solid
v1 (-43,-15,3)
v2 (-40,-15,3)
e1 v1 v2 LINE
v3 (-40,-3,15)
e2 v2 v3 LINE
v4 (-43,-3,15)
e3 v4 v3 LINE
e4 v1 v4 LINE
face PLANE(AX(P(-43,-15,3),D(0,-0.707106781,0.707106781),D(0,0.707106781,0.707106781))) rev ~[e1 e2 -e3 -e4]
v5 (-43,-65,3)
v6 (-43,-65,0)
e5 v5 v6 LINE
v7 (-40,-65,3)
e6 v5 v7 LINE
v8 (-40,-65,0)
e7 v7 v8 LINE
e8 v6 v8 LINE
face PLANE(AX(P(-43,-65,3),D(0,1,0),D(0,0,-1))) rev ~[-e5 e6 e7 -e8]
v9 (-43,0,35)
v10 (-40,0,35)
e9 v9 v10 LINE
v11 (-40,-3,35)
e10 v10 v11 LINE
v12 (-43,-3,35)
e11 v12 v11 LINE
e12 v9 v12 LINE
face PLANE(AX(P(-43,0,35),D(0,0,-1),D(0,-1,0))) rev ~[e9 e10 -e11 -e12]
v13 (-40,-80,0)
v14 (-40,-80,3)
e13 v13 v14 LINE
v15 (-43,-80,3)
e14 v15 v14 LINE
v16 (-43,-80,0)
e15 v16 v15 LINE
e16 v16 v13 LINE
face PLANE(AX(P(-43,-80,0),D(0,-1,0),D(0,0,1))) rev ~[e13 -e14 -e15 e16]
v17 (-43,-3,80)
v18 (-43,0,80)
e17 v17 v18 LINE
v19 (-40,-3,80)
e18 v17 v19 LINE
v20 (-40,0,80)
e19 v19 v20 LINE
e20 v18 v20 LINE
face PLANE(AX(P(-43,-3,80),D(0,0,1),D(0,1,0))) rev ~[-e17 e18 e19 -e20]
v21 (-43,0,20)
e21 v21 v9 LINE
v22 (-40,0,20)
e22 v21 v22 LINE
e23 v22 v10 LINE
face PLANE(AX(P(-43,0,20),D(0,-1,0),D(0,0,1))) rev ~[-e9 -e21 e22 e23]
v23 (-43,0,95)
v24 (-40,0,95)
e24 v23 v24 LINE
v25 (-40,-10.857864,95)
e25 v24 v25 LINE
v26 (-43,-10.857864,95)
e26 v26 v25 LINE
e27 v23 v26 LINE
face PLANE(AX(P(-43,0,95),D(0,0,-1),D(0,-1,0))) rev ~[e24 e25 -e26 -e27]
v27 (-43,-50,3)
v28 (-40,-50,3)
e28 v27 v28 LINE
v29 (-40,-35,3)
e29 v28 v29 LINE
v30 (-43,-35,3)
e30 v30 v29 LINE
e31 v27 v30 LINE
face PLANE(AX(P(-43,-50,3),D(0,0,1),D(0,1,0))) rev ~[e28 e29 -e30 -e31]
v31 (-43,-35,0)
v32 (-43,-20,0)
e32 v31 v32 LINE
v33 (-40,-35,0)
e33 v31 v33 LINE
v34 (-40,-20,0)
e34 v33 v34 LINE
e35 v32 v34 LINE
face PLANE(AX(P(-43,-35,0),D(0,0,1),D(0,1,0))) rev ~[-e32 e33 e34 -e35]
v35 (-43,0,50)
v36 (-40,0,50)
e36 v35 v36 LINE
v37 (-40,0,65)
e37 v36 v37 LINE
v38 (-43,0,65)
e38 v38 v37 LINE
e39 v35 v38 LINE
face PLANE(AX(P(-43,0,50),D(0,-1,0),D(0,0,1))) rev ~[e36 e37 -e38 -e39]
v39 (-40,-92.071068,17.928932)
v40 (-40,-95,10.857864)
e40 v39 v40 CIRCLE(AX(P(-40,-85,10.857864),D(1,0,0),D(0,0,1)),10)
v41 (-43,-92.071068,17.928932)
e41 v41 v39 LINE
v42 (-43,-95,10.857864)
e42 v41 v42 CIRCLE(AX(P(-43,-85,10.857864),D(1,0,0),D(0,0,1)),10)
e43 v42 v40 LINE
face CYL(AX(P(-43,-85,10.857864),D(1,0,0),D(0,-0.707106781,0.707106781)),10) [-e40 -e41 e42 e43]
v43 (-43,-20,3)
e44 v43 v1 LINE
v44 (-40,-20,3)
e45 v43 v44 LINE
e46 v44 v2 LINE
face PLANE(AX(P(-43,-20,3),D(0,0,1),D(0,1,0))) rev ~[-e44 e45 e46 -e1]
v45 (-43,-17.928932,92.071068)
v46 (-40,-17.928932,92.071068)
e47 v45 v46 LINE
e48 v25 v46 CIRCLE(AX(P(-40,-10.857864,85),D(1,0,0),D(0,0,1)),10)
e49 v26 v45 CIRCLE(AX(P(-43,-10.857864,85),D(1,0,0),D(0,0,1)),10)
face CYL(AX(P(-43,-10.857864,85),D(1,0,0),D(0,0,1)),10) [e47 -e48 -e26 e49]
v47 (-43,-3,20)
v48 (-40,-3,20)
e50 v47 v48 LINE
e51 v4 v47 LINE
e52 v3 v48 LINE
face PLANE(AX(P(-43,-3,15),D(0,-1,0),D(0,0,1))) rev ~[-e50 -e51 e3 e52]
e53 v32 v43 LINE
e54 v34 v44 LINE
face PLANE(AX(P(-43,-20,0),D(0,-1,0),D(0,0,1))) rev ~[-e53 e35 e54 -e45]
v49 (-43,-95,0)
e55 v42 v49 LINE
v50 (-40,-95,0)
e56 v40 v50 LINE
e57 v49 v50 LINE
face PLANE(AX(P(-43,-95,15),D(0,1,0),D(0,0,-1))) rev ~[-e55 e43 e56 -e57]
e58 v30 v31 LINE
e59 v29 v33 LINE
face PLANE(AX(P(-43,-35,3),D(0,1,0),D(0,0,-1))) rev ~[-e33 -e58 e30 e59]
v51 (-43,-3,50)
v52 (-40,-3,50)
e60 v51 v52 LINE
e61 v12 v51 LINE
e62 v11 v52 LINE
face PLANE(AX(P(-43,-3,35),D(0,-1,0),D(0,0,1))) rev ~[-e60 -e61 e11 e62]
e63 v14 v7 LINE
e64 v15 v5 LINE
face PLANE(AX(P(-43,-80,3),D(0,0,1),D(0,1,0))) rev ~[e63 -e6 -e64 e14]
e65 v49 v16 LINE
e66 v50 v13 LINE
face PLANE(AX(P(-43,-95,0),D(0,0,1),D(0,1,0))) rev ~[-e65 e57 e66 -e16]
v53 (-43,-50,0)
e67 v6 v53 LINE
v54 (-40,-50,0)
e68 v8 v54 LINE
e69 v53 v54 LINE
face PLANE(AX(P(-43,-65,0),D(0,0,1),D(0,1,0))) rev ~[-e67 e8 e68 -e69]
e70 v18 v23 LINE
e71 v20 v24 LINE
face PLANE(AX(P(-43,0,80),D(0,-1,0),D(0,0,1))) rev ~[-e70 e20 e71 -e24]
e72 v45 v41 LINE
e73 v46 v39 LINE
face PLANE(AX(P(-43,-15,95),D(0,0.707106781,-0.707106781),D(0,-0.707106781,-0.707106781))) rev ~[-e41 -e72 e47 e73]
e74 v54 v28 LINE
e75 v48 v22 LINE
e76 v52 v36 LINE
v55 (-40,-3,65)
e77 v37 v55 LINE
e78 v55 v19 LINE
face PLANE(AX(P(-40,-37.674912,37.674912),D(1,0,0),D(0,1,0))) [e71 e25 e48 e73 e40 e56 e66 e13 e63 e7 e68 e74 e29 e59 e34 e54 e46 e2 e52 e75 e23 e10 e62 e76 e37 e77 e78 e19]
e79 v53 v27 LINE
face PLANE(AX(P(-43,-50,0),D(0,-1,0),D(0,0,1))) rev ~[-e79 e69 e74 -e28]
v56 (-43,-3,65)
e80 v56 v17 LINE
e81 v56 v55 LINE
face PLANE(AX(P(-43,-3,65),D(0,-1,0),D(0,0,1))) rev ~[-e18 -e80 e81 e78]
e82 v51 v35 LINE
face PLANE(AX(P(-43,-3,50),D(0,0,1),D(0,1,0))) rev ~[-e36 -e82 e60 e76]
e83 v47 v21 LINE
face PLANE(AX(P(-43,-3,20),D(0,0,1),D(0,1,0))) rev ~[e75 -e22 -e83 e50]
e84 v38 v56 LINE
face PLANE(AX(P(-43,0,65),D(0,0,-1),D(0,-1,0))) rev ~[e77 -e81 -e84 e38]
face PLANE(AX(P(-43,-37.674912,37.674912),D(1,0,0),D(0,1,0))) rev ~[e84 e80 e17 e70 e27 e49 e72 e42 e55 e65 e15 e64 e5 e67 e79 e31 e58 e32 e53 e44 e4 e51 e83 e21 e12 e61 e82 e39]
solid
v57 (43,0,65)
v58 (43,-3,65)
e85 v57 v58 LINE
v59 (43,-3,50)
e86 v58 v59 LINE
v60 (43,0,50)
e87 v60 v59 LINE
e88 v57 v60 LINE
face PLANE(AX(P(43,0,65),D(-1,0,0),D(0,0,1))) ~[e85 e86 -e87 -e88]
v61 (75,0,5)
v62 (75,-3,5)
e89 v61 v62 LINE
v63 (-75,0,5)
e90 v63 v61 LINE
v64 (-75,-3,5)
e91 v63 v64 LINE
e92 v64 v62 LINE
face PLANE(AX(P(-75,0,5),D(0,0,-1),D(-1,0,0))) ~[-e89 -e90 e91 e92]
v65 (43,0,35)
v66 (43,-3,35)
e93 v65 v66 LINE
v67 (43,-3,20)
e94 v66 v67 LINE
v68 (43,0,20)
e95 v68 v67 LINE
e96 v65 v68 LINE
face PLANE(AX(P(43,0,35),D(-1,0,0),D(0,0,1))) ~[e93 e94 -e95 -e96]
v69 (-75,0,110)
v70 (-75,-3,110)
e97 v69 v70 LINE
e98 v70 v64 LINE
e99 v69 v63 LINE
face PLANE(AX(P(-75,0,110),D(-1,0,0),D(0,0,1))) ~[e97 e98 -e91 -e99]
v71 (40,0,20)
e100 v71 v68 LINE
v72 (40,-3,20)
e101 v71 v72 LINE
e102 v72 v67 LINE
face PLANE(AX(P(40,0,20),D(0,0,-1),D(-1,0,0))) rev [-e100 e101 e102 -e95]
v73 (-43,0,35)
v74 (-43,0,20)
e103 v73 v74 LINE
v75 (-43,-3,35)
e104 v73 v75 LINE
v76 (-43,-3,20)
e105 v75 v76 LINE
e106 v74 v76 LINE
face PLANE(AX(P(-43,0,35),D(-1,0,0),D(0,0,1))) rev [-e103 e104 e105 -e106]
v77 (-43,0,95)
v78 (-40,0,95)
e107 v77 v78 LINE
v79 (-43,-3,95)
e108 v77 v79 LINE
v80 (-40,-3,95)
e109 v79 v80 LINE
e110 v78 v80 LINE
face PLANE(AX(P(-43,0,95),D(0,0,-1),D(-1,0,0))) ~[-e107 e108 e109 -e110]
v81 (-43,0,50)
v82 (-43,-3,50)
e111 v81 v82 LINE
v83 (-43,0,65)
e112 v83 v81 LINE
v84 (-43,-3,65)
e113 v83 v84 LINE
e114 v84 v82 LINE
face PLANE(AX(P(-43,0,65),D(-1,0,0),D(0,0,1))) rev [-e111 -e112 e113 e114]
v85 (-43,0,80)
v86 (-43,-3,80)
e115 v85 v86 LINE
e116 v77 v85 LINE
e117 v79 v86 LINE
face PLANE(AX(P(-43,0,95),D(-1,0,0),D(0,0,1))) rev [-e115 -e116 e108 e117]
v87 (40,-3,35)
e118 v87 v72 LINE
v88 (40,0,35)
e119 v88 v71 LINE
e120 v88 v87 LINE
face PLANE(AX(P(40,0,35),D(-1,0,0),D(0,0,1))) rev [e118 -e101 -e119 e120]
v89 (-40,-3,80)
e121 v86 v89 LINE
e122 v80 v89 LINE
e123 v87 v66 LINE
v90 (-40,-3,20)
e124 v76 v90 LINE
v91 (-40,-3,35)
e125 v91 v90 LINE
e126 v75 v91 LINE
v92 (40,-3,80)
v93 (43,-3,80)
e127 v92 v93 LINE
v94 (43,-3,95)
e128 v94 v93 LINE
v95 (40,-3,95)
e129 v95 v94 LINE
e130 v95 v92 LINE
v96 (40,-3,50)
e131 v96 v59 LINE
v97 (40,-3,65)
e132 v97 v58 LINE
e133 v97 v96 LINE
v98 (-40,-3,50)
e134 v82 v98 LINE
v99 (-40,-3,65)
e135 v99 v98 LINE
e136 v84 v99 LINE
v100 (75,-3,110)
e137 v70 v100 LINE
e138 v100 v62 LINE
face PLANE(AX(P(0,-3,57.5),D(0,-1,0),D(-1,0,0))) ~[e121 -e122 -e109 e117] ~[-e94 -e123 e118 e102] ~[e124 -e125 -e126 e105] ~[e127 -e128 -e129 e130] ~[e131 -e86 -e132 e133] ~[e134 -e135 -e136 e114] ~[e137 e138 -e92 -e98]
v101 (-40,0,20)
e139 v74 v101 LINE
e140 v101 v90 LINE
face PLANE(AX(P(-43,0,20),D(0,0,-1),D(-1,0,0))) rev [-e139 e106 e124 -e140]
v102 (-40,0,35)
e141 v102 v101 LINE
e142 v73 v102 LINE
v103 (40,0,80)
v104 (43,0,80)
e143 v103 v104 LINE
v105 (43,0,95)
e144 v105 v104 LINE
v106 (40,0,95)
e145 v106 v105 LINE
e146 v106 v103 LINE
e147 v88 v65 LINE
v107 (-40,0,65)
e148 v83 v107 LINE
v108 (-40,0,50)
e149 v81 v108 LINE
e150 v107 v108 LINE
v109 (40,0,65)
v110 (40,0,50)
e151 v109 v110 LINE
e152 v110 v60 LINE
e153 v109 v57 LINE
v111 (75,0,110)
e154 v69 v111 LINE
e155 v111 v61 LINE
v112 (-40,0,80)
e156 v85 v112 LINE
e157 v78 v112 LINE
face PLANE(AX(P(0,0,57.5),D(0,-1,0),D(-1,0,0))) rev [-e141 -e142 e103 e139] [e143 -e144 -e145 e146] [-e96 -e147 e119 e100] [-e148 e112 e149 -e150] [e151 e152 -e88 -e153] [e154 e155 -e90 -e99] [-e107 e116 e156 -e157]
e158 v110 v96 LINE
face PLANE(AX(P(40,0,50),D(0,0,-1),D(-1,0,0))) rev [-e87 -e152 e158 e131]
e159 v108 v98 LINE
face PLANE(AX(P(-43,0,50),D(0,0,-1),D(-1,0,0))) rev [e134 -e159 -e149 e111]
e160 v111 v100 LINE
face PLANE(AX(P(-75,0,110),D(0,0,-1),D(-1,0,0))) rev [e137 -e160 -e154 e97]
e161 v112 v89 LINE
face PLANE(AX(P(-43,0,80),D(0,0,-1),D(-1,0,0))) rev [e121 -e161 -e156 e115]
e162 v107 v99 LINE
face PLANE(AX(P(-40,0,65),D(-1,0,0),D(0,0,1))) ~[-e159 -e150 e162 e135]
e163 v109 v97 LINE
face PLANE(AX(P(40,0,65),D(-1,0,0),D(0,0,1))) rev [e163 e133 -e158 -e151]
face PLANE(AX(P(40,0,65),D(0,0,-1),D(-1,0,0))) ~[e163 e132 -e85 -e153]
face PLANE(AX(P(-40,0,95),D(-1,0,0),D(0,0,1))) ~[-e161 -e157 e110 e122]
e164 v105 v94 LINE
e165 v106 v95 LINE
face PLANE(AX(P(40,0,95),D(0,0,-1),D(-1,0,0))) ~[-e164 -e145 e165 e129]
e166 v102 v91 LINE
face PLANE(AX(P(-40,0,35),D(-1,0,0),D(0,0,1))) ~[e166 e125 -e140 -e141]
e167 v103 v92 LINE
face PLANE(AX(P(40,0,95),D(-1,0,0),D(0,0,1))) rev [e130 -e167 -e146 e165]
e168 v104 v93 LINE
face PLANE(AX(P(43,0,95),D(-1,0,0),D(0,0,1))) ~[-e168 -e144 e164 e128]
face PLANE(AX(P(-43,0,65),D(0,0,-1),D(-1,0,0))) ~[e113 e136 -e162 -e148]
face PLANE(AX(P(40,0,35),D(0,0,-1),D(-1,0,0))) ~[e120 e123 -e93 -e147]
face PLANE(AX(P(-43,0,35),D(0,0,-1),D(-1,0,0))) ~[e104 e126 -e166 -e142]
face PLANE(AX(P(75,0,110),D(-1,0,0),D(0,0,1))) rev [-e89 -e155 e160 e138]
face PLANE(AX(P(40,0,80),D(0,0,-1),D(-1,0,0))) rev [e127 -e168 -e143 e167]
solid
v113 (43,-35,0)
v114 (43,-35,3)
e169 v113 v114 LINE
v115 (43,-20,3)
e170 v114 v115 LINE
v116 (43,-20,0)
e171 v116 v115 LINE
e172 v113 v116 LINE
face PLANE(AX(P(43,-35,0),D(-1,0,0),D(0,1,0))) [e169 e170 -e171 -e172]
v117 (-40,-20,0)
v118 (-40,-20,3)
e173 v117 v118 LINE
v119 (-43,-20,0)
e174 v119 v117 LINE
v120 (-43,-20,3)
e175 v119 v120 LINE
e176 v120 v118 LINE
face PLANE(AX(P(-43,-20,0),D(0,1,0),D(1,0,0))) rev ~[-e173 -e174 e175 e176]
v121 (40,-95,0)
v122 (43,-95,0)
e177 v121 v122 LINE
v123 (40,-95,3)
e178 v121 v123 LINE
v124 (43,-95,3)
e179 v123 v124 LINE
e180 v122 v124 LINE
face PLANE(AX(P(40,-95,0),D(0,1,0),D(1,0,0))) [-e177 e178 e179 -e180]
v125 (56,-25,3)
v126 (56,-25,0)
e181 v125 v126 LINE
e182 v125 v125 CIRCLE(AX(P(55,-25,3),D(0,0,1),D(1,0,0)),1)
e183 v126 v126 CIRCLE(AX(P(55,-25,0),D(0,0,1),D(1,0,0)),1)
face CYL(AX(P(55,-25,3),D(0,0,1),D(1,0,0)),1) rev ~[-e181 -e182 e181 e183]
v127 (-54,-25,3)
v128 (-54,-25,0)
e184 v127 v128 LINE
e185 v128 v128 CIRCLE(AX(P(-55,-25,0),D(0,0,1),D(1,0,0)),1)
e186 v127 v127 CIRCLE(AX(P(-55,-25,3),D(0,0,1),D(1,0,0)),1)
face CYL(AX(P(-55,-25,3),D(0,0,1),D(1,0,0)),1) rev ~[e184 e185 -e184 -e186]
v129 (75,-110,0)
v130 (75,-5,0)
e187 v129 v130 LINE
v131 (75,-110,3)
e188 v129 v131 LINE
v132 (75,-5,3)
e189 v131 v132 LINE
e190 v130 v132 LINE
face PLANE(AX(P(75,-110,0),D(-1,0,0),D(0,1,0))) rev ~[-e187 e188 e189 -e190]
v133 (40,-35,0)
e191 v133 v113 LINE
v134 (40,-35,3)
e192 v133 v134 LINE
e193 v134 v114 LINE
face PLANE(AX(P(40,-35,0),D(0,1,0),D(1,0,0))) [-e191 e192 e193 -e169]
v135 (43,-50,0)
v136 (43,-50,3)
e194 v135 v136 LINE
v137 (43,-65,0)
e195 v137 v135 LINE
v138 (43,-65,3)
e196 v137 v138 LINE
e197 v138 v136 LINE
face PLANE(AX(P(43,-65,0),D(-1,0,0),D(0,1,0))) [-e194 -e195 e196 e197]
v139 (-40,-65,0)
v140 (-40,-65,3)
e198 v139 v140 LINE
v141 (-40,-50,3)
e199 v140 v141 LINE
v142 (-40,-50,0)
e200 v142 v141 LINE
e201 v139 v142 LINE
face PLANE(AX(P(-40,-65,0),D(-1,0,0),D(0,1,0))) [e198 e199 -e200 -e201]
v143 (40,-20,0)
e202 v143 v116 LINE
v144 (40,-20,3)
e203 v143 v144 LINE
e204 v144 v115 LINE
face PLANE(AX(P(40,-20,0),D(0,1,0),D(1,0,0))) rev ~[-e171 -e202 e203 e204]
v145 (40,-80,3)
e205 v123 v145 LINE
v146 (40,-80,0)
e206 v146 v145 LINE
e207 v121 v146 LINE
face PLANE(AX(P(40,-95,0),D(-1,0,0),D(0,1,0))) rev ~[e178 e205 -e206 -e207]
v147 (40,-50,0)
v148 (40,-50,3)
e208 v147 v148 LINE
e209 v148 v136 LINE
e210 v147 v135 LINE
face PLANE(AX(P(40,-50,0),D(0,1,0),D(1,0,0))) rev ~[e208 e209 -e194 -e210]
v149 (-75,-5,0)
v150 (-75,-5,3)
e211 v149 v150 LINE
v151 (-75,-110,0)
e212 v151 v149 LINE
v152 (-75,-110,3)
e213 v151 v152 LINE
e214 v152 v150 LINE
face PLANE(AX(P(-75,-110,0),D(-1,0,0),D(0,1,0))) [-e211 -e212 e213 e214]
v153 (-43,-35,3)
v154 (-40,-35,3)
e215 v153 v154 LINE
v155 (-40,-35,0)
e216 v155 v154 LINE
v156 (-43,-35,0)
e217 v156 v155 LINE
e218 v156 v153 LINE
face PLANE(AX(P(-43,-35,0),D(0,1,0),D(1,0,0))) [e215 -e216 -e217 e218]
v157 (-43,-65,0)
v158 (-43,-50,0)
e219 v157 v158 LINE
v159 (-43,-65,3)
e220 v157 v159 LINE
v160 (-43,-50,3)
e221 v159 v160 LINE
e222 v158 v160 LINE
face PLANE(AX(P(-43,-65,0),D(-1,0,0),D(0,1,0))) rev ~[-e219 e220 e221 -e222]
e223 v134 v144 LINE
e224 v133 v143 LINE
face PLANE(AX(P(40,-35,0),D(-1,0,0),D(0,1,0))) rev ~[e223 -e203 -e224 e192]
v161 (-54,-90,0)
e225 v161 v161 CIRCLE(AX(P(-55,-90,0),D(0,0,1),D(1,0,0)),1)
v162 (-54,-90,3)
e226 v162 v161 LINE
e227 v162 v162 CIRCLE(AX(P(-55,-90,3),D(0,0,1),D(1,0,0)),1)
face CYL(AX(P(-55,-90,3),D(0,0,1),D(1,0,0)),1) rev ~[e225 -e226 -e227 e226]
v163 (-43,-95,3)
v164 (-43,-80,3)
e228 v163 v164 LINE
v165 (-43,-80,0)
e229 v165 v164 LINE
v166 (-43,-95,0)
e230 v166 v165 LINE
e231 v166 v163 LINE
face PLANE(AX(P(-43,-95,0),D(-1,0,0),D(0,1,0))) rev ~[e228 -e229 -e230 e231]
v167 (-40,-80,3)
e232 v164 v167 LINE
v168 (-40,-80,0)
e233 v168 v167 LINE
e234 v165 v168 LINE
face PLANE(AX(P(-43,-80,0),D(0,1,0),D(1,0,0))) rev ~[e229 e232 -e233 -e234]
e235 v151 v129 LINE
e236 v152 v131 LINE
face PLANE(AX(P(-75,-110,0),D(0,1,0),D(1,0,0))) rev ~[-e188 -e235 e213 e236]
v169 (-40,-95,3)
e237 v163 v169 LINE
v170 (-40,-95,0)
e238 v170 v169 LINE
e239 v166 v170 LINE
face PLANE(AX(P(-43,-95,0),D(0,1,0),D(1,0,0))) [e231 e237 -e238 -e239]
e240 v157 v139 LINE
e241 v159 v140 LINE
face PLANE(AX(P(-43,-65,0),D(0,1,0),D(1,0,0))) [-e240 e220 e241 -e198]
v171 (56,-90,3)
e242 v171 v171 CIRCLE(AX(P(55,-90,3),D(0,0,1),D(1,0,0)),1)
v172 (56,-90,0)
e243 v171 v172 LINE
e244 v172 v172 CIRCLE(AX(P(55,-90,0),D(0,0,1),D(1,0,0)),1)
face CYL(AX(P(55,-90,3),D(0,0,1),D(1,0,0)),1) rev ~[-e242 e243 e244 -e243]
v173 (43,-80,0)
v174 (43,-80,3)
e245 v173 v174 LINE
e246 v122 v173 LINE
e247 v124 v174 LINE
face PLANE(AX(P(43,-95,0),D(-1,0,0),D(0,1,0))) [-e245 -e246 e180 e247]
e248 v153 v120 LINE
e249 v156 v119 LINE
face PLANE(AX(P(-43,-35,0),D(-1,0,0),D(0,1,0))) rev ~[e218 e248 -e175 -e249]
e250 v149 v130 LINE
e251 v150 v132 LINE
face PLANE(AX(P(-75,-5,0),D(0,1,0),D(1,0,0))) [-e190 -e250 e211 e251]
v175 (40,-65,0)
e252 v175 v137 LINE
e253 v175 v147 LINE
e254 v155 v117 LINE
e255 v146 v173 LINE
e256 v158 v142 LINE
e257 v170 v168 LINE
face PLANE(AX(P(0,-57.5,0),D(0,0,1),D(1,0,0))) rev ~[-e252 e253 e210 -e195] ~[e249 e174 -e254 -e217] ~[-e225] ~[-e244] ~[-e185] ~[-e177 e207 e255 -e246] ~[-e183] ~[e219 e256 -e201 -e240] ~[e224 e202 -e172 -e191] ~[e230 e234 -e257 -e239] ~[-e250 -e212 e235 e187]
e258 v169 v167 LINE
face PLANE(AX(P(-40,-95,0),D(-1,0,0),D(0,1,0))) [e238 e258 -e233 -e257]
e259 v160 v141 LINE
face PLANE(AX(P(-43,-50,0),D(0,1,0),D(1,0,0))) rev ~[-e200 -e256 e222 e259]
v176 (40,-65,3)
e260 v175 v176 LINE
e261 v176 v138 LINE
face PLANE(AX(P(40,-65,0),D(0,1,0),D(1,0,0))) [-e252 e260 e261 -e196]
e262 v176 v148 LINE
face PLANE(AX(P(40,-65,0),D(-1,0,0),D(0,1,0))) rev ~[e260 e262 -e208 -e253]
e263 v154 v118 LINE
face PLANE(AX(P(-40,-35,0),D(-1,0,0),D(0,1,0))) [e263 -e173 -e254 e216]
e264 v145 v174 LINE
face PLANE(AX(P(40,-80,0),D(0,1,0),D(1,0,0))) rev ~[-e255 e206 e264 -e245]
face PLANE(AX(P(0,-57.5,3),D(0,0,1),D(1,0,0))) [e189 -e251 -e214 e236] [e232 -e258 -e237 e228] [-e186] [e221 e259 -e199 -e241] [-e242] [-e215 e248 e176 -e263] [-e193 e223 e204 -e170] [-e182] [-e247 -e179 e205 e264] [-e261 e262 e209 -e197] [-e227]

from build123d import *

# Parameters (mm, degrees)
F0_W     = 150
F0_H     = 105
F0_W_2   = 3
F0_H_2   = 15
F1_DEPTH = 3
F6_DEPTH = 3
F7_R     = 10
F8_R     = 1
F9_DEPTH = 25


with BuildPart() as f1:
    # F0 (on Top) → F1 (new body)
    with BuildSketch(Plane.XY):
        with Locations((0, -57.5)):
            Rectangle(F0_W, F0_H)
        with Locations((-41.5, -87.5)):
            Rectangle(F0_W_2, F0_H_2, mode=Mode.SUBTRACT)
        with Locations((41.5, -87.5)):
            Rectangle(F0_W_2, F0_H_2, mode=Mode.SUBTRACT)
        with Locations((-41.5, -57.5)):
            Rectangle(F0_W_2, F0_H_2, mode=Mode.SUBTRACT)
        with Locations((-41.5, -27.5)):
            Rectangle(F0_W_2, F0_H_2, mode=Mode.SUBTRACT)
        with Locations((41.5, -57.5)):
            Rectangle(F0_W_2, F0_H_2, mode=Mode.SUBTRACT)
        with Locations((41.5, -27.5)):
            Rectangle(F0_W_2, F0_H_2, mode=Mode.SUBTRACT)
    extrude(amount=F1_DEPTH)


with BuildPart() as f4_1:
    # F4: instance of F1
    add(f1.part.mirror(Plane(origin=(0, 0, 0), x_dir=(-1, 0, 0), z_dir=(0, 0.7071067812, 0.7071067812))))


with BuildPart() as f6:
    # F5 (on face) → F6 (new body)
    with BuildSketch(Plane.YZ.offset(-43)):
        Polygon((0, 80), (0, 95), (-15, 95), (-95, 15), (-95, 0), (-80, 0), (-80, 3), (-65, 3), (-65, 0), (-50, 0), (-50, 3), (-35, 3), (-35, 0), (-20, 0), (-20, 3), (-15, 3), (-3, 15), (-3, 20), (0, 20), (0, 35), (-3, 35), (-3, 50), (0, 50), (0, 65), (-3, 65), (-3, 80), align=None)
    extrude(amount=F6_DEPTH)

    # F7
    f7_edges = [f6.edges().sort_by_distance(p)[0] for p in [
        (-41.5, -15, 95),
        (-41.5, -95, 15),
    ]]
    fillet(f7_edges, radius=F7_R)


with BuildPart() as f1_1:
    add(f1.part)

    # F8 (on face) → F9 (cut)
    with BuildSketch(Plane.XY.offset(3)):
        with Locations((-55, -25)):
            Circle(F8_R)
        with Locations((-55, -90)):
            Circle(F8_R)
        with Locations((55, -25)):
            Circle(F8_R)
        with Locations((55, -90)):
            Circle(F8_R)
    extrude(amount=-F9_DEPTH, mode=Mode.SUBTRACT)


solid = Compound([f4_1.part, f6.part, f1_1.part])
